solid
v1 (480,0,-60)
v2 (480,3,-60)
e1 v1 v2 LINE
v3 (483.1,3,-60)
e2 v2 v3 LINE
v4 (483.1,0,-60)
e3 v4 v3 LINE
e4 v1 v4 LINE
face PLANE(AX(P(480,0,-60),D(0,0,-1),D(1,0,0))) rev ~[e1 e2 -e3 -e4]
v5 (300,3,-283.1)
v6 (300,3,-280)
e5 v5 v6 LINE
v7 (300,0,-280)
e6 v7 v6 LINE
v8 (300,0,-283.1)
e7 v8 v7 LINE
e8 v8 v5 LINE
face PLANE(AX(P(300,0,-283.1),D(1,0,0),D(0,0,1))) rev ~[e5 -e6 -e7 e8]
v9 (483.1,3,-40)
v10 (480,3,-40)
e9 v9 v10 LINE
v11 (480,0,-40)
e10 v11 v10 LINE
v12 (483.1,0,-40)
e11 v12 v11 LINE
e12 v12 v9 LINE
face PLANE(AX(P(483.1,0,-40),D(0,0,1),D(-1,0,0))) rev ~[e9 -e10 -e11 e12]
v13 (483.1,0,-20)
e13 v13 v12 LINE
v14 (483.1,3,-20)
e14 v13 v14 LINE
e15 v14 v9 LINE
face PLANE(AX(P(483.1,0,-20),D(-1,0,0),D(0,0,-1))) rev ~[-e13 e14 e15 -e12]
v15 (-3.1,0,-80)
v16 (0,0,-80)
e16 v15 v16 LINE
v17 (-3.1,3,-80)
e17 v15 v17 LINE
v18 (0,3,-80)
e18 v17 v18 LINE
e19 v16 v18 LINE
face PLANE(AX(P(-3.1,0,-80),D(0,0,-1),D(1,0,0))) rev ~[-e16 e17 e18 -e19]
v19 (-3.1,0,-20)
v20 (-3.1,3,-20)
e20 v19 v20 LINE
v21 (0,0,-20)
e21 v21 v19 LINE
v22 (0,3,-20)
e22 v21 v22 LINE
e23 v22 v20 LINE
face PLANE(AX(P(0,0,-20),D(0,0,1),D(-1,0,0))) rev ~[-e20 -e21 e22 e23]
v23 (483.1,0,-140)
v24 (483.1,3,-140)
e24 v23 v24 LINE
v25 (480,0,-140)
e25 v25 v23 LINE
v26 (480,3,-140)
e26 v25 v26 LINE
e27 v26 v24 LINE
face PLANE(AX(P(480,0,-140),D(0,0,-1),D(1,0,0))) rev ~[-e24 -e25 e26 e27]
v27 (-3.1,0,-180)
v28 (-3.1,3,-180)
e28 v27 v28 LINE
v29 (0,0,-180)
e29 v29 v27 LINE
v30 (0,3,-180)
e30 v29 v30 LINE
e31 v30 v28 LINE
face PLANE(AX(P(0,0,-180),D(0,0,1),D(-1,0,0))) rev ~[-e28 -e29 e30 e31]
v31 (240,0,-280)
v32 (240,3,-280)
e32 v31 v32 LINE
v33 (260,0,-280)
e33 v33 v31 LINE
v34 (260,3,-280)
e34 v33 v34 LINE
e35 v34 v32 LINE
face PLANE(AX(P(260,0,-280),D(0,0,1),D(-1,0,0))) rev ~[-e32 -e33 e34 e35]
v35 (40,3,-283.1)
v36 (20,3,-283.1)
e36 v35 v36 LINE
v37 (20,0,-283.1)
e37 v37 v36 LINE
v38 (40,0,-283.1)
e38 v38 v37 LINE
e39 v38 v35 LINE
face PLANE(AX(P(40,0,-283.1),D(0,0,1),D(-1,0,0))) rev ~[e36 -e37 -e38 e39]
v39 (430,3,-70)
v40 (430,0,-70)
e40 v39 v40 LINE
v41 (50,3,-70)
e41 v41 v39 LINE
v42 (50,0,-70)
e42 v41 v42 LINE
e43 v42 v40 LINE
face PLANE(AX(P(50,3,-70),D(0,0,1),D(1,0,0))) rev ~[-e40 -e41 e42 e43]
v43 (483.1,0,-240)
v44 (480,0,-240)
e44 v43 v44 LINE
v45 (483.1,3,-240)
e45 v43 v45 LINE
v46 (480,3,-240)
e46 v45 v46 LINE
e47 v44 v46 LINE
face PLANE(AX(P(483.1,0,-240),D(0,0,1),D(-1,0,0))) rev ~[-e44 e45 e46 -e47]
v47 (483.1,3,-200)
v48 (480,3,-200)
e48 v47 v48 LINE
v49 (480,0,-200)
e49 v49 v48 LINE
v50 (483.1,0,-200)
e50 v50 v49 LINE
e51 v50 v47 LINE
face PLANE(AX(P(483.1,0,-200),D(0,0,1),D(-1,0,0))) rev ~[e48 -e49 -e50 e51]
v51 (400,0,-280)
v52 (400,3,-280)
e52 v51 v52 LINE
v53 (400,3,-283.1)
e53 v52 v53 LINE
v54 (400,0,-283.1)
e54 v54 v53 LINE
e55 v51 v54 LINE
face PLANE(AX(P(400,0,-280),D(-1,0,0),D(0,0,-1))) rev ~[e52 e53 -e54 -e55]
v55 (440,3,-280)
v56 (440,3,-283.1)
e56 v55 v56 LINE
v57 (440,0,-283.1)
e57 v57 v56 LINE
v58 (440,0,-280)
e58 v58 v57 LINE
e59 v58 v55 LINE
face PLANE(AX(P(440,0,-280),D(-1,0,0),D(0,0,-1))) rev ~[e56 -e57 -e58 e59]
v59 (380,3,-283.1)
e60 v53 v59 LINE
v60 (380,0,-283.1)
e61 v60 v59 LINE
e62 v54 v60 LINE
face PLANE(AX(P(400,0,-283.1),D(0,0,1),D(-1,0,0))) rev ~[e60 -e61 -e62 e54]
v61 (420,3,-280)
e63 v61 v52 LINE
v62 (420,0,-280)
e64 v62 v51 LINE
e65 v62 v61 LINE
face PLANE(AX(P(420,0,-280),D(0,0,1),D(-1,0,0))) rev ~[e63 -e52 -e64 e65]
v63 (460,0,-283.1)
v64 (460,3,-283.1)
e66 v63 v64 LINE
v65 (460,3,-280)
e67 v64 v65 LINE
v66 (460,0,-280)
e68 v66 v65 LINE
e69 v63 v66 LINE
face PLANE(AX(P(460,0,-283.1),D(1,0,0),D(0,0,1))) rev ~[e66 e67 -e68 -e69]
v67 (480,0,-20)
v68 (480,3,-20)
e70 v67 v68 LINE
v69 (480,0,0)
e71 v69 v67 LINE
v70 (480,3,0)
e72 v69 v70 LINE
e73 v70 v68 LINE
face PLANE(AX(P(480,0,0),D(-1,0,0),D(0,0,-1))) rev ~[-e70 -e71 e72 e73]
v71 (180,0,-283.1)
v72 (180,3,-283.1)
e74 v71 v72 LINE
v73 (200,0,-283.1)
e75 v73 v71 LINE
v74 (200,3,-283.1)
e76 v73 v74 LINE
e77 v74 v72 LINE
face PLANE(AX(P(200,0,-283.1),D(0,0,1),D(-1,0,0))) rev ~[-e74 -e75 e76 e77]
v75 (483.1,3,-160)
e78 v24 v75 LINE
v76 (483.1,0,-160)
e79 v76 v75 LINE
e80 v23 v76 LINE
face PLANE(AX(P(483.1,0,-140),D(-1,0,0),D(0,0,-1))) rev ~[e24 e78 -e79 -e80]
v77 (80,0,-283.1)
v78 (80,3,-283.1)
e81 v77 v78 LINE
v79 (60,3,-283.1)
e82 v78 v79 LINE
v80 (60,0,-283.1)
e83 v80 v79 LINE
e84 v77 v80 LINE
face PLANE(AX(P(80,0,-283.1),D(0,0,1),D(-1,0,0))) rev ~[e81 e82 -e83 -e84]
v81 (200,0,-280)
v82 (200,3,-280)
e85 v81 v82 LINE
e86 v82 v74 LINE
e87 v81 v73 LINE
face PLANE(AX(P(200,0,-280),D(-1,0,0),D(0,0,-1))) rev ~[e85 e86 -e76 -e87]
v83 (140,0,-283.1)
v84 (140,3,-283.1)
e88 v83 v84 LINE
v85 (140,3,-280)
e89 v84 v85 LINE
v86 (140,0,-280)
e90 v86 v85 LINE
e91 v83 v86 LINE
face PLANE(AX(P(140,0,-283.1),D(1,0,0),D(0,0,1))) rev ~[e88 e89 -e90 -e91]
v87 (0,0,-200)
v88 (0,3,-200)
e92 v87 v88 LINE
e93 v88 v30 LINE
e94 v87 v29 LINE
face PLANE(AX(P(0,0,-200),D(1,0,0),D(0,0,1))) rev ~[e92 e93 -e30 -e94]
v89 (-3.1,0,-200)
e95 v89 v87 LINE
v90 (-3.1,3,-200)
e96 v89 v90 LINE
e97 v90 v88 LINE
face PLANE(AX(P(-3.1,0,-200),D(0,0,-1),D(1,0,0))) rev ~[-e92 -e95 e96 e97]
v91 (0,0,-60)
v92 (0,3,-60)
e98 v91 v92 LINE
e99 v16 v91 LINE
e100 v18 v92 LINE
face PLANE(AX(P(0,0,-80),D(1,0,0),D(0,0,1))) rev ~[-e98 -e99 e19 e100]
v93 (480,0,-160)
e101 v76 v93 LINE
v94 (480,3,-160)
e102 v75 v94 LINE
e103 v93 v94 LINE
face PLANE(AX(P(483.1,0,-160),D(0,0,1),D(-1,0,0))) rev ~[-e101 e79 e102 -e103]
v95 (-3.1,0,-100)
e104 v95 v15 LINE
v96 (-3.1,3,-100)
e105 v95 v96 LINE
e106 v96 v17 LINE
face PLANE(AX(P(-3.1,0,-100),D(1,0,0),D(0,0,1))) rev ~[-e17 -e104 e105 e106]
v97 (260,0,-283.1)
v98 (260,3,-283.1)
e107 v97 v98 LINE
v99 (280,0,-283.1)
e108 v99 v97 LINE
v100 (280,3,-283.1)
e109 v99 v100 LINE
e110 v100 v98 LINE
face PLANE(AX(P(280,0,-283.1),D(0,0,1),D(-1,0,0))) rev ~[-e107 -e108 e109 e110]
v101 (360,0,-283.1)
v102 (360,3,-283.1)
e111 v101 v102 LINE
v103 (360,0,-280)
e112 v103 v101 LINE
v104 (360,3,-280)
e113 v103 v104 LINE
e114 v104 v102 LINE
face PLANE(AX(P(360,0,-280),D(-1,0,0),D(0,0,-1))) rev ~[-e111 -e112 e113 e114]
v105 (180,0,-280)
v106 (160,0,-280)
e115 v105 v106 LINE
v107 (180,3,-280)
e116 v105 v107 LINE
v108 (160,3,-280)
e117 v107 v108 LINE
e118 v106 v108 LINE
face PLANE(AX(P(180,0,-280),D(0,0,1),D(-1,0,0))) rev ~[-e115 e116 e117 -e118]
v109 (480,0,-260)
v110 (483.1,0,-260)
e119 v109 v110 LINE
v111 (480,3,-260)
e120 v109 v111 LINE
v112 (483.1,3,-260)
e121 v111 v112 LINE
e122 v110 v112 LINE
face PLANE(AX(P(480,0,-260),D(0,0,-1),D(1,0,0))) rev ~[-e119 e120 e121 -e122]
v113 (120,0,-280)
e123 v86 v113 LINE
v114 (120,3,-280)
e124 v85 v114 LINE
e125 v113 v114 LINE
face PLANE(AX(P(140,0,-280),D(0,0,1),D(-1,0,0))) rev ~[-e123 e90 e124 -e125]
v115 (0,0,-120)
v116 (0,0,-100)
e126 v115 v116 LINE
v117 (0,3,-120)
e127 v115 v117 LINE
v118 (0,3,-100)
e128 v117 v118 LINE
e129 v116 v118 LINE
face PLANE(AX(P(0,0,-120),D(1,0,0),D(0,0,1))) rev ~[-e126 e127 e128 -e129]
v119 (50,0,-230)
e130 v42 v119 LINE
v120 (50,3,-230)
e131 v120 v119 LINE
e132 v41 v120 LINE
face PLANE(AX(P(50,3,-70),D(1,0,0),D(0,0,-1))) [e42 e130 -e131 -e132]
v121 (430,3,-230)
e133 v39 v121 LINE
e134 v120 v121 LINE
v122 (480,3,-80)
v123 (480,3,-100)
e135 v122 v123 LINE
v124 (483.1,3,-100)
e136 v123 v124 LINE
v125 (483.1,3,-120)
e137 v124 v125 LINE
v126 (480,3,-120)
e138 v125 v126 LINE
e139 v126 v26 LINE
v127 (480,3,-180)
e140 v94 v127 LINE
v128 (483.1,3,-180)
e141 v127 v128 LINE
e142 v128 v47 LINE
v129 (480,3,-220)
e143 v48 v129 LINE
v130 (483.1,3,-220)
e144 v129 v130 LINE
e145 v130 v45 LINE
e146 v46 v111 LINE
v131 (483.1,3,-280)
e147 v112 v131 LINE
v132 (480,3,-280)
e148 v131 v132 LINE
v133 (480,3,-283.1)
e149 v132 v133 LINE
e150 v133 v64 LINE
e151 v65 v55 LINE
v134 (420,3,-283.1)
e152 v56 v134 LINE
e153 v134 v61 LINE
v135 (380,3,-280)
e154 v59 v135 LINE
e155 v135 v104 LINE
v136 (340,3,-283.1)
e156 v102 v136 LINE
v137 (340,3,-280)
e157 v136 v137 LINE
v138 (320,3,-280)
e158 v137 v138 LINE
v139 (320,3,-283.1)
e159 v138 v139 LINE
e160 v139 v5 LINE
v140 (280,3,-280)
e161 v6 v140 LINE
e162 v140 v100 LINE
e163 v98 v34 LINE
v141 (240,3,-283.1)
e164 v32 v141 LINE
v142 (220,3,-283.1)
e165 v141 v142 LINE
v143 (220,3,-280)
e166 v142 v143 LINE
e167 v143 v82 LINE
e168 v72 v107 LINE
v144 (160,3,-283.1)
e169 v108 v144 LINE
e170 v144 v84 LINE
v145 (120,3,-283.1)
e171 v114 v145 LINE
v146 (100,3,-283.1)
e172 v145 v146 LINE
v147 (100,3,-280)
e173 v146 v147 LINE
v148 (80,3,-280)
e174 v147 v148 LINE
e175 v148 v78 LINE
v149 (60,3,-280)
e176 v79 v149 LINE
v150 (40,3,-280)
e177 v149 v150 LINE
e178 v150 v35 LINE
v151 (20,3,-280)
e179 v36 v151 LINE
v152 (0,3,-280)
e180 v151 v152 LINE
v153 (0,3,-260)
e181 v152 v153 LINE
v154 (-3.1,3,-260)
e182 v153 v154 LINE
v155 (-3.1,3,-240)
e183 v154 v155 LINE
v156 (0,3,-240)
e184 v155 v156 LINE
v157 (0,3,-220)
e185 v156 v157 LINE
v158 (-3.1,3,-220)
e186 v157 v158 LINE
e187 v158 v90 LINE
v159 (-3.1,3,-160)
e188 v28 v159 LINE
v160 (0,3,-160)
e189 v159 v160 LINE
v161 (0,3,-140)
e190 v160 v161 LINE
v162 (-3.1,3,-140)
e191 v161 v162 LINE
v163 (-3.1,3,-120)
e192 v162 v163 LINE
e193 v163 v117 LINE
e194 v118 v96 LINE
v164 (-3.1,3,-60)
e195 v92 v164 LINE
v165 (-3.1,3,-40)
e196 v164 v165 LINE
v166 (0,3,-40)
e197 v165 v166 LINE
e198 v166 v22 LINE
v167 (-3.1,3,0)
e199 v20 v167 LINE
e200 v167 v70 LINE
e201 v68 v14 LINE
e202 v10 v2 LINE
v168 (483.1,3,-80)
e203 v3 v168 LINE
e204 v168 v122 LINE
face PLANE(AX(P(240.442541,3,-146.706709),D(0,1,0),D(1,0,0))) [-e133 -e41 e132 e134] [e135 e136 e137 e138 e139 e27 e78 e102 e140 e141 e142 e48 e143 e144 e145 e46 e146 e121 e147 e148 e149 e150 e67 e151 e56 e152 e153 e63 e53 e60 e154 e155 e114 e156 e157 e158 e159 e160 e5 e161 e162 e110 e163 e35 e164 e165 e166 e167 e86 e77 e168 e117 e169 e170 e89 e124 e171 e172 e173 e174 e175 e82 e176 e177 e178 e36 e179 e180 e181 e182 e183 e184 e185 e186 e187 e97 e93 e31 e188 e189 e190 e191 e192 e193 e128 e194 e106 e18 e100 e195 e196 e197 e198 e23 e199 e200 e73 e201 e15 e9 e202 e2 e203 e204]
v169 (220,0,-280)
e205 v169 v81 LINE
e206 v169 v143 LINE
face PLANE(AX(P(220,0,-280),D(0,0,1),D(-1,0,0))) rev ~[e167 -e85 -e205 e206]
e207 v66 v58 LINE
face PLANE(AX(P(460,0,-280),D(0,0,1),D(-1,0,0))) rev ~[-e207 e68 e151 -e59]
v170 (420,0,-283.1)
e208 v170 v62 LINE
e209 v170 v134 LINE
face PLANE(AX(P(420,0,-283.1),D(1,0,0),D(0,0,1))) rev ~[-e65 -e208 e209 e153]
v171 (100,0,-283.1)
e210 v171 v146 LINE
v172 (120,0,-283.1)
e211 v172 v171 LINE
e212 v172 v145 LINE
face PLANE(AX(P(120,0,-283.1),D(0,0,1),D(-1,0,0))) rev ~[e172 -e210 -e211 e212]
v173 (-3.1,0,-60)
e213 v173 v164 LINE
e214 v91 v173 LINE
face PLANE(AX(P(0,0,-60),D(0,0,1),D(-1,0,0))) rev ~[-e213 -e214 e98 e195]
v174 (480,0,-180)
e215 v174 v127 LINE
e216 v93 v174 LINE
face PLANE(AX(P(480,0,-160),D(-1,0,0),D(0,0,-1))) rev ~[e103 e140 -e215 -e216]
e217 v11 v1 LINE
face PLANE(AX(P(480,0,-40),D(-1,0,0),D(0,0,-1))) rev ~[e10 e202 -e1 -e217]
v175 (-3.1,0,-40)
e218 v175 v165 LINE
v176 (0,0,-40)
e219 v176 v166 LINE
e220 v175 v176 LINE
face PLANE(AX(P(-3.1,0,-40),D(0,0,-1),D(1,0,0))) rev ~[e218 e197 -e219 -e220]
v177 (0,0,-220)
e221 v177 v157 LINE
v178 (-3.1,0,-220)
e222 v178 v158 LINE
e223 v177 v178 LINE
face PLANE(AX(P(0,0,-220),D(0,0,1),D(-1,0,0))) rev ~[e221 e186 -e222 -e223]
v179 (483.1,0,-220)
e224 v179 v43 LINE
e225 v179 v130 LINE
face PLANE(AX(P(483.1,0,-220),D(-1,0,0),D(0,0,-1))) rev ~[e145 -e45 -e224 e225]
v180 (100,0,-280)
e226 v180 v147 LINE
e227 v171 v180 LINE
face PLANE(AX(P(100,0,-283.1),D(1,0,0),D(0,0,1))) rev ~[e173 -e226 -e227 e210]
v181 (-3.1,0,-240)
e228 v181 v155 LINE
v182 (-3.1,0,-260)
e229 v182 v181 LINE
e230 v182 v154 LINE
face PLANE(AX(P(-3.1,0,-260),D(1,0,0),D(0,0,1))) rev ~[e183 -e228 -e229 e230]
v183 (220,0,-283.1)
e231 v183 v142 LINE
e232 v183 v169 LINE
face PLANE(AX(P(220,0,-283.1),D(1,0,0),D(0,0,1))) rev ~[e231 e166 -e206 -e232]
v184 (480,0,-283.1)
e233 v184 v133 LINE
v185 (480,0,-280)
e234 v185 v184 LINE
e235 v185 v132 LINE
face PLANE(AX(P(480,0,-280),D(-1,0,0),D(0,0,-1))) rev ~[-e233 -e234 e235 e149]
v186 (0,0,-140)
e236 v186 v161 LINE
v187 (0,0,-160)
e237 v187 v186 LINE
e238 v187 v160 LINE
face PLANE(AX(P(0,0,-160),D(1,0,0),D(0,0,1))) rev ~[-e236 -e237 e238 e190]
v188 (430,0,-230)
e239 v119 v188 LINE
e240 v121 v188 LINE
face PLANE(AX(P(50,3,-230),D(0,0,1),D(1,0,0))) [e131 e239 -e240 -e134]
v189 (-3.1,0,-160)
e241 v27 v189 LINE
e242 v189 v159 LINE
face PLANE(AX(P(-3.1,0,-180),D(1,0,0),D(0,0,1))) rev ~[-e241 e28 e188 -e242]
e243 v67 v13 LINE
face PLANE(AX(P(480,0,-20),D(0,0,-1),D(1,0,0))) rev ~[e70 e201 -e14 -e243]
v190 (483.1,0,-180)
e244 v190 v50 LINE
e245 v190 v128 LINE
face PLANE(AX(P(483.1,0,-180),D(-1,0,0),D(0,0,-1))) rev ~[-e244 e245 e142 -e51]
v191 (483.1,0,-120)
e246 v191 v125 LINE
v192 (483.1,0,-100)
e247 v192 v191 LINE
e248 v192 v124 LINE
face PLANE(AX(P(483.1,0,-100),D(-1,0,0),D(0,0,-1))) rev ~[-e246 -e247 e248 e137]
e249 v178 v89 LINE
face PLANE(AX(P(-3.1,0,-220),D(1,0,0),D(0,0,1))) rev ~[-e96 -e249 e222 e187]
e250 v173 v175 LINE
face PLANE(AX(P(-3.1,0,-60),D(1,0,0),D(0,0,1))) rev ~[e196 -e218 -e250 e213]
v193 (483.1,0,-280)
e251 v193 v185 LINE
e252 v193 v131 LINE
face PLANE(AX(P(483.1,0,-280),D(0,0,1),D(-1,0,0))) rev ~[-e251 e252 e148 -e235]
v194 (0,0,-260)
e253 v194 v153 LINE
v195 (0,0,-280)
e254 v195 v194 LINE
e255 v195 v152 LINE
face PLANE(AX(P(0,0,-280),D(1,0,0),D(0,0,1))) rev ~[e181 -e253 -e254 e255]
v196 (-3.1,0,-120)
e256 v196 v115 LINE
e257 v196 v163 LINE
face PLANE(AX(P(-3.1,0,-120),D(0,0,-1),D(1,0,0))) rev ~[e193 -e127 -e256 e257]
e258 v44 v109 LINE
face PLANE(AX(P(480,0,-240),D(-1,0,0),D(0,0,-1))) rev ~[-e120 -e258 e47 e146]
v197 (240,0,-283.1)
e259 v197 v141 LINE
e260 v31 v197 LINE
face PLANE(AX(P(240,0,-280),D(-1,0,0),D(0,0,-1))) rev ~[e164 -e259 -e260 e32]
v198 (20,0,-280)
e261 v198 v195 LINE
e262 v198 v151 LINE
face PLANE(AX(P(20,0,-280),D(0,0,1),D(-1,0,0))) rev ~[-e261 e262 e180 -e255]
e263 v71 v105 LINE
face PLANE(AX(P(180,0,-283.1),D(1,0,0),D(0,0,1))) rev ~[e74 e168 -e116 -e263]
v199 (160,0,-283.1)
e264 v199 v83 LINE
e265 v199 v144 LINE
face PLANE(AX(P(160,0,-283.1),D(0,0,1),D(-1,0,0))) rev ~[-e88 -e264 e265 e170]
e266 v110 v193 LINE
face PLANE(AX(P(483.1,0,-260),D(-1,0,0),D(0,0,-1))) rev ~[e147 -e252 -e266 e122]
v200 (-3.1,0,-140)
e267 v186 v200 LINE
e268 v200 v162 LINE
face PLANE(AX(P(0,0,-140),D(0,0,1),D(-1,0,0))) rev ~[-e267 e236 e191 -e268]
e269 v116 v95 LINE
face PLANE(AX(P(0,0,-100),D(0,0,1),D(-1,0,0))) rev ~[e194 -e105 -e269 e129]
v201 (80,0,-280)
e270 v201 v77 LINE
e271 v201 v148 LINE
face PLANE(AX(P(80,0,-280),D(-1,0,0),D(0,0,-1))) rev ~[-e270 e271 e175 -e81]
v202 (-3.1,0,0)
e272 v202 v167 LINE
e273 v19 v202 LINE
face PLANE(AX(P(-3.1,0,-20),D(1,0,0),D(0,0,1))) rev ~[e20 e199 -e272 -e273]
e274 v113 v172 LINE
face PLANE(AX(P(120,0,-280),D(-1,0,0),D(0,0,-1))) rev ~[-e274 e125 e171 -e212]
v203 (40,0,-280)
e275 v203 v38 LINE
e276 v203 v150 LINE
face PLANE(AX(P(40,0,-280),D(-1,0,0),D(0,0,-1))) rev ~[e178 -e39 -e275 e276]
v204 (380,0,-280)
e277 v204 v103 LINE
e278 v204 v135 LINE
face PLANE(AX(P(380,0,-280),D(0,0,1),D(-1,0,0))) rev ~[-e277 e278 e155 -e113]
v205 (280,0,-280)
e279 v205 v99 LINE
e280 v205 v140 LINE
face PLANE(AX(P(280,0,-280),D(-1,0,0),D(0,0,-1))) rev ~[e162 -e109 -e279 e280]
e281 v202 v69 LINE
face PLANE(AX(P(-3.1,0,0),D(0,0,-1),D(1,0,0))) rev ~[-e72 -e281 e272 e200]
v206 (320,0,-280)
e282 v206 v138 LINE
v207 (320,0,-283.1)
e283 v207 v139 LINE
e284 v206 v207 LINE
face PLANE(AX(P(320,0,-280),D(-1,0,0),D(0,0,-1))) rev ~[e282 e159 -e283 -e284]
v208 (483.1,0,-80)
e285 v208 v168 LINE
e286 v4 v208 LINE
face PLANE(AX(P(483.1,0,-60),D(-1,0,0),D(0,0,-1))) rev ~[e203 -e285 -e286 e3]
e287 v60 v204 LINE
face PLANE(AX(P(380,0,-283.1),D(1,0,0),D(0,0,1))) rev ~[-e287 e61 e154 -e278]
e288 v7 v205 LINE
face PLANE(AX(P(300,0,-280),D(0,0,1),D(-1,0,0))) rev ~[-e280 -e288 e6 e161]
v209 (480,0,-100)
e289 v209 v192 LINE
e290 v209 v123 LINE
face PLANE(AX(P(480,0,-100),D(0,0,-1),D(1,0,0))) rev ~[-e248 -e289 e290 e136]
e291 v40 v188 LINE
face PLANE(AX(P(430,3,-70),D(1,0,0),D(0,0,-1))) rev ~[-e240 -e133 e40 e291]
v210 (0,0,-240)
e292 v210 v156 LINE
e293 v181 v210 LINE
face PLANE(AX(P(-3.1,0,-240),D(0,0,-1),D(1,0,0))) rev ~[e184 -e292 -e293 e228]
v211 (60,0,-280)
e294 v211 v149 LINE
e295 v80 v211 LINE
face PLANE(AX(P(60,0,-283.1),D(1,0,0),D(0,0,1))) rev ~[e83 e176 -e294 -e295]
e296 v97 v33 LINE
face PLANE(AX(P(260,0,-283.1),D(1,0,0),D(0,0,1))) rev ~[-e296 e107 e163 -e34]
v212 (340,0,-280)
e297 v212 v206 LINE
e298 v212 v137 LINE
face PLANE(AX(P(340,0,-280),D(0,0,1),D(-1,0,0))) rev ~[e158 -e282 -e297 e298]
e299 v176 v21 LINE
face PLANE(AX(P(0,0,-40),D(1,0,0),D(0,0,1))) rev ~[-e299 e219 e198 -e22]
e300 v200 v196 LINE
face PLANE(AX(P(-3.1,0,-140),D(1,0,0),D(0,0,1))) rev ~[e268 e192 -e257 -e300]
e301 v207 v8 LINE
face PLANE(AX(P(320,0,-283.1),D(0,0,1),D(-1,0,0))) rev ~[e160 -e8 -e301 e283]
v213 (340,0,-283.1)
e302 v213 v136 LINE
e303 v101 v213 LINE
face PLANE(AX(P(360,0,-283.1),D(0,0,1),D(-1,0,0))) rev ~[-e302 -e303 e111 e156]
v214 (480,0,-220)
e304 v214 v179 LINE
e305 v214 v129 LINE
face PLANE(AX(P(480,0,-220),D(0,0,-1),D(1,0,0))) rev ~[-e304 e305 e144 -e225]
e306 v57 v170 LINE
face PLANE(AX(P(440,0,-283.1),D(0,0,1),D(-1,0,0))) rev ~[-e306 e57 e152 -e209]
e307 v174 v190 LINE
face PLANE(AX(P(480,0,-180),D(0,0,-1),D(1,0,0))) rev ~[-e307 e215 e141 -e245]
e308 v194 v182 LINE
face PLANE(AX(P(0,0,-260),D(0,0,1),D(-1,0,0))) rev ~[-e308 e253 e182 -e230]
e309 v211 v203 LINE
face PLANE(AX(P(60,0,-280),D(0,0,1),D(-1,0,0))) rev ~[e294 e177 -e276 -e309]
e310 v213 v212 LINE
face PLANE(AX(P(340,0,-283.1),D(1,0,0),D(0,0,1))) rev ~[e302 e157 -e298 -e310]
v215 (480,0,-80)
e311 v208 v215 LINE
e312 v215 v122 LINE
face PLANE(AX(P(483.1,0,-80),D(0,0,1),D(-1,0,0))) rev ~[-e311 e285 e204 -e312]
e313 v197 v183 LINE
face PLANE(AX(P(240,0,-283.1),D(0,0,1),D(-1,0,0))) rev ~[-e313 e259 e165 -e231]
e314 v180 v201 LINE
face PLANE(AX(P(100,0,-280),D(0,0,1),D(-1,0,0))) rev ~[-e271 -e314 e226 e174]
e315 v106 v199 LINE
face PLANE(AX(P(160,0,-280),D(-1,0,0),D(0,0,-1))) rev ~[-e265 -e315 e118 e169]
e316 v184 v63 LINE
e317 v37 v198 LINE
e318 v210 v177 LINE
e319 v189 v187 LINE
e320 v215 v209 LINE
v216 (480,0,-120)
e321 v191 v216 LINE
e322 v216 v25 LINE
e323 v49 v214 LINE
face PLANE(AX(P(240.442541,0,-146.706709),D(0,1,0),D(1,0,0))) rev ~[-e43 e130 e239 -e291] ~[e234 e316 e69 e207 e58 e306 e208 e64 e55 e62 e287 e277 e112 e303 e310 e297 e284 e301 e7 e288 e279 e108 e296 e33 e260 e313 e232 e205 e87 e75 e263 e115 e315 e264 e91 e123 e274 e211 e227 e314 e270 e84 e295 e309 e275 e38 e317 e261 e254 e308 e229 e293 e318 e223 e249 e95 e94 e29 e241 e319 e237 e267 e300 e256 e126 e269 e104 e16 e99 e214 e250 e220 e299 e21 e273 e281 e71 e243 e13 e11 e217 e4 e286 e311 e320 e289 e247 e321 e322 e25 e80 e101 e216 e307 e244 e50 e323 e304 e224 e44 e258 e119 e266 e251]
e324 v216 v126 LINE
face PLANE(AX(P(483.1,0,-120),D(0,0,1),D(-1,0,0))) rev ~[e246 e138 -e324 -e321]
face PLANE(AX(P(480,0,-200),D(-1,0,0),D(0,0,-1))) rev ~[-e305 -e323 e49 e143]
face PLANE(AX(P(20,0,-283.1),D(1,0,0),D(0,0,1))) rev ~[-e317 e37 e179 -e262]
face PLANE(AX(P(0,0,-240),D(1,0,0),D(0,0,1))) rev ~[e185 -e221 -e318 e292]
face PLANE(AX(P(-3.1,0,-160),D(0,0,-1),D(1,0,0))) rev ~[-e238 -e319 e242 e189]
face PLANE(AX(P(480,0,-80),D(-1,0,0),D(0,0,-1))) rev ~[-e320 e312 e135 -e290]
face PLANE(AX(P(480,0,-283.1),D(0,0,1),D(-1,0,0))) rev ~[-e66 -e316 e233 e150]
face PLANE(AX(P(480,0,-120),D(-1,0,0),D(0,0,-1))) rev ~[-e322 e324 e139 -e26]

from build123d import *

# Parameters (mm, degrees)
SALIENTE_EXTRUIR1_DEPTH = 3
CROQUIS2_W              = 380
CROQUIS2_H              = 160
CORTAR_EXTRUIR1_DEPTH   = 3


with BuildPart() as part:
    # Croquis1 → Saliente-Extruir1 (new body)
    with BuildSketch(Plane(origin=(0, 0, 0), x_dir=(1, 0, 0), z_dir=(0, 1, 0))):
        Polygon((480, 280), (480, 283.1), (460, 283.1), (460, 280), (440, 280), (440, 283.1), (420, 283.1), (420, 280), (400, 280), (400, 283.1), (380, 283.1), (380, 280), (360, 280), (360, 283.1), (340, 283.1), (340, 280), (320, 280), (320, 283.1), (300, 283.1), (300, 280), (280, 280), (280, 283.1), (260, 283.1), (260, 280), (240, 280), (240, 283.1), (220, 283.1), (220, 280), (200, 280), (200, 283.1), (180, 283.1), (180, 280), (160, 280), (160, 283.1), (140, 283.1), (140, 280), (120, 280), (120, 283.1), (100, 283.1), (100, 280), (80, 280), (80, 283.1), (60, 283.1), (60, 280), (40, 280), (40, 283.1), (20, 283.1), (20, 280), (0, 280), (0, 260), (-3.1, 260), (-3.1, 240), (0, 240), (0, 220), (-3.1, 220), (-3.1, 200), (0, 200), (0, 180), (-3.1, 180), (-3.1, 160), (0, 160), (0, 140), (-3.1, 140), (-3.1, 120), (0, 120), (0, 100), (-3.1, 100), (-3.1, 80), (0, 80), (0, 60), (-3.1, 60), (-3.1, 40), (0, 40), (0, 20), (-3.1, 20), (-3.1, 0), (0, 0), (480, 0), (480, 20), (483.1, 20), (483.1, 40), (480, 40), (480, 60), (483.1, 60), (483.1, 80), (480, 80), (480, 100), (483.1, 100), (483.1, 120), (480, 120), (480, 140), (483.1, 140), (483.1, 160), (480, 160), (480, 180), (483.1, 180), (483.1, 200), (480, 200), (480, 220), (483.1, 220), (483.1, 240), (480, 240), (480, 260), (483.1, 260), (483.1, 280), align=None)
    extrude(amount=SALIENTE_EXTRUIR1_DEPTH)

    # Croquis2 → Cortar-Extruir1 (cut)
    with BuildSketch(Plane(origin=(0, 3, 0), x_dir=(1, 0, 0), z_dir=(0, 1, 0))):
        with Locations((240, 150)):
            Rectangle(CROQUIS2_W, CROQUIS2_H)
    extrude(amount=-CORTAR_EXTRUIR1_DEPTH, mode=Mode.SUBTRACT)


solid = part.part
